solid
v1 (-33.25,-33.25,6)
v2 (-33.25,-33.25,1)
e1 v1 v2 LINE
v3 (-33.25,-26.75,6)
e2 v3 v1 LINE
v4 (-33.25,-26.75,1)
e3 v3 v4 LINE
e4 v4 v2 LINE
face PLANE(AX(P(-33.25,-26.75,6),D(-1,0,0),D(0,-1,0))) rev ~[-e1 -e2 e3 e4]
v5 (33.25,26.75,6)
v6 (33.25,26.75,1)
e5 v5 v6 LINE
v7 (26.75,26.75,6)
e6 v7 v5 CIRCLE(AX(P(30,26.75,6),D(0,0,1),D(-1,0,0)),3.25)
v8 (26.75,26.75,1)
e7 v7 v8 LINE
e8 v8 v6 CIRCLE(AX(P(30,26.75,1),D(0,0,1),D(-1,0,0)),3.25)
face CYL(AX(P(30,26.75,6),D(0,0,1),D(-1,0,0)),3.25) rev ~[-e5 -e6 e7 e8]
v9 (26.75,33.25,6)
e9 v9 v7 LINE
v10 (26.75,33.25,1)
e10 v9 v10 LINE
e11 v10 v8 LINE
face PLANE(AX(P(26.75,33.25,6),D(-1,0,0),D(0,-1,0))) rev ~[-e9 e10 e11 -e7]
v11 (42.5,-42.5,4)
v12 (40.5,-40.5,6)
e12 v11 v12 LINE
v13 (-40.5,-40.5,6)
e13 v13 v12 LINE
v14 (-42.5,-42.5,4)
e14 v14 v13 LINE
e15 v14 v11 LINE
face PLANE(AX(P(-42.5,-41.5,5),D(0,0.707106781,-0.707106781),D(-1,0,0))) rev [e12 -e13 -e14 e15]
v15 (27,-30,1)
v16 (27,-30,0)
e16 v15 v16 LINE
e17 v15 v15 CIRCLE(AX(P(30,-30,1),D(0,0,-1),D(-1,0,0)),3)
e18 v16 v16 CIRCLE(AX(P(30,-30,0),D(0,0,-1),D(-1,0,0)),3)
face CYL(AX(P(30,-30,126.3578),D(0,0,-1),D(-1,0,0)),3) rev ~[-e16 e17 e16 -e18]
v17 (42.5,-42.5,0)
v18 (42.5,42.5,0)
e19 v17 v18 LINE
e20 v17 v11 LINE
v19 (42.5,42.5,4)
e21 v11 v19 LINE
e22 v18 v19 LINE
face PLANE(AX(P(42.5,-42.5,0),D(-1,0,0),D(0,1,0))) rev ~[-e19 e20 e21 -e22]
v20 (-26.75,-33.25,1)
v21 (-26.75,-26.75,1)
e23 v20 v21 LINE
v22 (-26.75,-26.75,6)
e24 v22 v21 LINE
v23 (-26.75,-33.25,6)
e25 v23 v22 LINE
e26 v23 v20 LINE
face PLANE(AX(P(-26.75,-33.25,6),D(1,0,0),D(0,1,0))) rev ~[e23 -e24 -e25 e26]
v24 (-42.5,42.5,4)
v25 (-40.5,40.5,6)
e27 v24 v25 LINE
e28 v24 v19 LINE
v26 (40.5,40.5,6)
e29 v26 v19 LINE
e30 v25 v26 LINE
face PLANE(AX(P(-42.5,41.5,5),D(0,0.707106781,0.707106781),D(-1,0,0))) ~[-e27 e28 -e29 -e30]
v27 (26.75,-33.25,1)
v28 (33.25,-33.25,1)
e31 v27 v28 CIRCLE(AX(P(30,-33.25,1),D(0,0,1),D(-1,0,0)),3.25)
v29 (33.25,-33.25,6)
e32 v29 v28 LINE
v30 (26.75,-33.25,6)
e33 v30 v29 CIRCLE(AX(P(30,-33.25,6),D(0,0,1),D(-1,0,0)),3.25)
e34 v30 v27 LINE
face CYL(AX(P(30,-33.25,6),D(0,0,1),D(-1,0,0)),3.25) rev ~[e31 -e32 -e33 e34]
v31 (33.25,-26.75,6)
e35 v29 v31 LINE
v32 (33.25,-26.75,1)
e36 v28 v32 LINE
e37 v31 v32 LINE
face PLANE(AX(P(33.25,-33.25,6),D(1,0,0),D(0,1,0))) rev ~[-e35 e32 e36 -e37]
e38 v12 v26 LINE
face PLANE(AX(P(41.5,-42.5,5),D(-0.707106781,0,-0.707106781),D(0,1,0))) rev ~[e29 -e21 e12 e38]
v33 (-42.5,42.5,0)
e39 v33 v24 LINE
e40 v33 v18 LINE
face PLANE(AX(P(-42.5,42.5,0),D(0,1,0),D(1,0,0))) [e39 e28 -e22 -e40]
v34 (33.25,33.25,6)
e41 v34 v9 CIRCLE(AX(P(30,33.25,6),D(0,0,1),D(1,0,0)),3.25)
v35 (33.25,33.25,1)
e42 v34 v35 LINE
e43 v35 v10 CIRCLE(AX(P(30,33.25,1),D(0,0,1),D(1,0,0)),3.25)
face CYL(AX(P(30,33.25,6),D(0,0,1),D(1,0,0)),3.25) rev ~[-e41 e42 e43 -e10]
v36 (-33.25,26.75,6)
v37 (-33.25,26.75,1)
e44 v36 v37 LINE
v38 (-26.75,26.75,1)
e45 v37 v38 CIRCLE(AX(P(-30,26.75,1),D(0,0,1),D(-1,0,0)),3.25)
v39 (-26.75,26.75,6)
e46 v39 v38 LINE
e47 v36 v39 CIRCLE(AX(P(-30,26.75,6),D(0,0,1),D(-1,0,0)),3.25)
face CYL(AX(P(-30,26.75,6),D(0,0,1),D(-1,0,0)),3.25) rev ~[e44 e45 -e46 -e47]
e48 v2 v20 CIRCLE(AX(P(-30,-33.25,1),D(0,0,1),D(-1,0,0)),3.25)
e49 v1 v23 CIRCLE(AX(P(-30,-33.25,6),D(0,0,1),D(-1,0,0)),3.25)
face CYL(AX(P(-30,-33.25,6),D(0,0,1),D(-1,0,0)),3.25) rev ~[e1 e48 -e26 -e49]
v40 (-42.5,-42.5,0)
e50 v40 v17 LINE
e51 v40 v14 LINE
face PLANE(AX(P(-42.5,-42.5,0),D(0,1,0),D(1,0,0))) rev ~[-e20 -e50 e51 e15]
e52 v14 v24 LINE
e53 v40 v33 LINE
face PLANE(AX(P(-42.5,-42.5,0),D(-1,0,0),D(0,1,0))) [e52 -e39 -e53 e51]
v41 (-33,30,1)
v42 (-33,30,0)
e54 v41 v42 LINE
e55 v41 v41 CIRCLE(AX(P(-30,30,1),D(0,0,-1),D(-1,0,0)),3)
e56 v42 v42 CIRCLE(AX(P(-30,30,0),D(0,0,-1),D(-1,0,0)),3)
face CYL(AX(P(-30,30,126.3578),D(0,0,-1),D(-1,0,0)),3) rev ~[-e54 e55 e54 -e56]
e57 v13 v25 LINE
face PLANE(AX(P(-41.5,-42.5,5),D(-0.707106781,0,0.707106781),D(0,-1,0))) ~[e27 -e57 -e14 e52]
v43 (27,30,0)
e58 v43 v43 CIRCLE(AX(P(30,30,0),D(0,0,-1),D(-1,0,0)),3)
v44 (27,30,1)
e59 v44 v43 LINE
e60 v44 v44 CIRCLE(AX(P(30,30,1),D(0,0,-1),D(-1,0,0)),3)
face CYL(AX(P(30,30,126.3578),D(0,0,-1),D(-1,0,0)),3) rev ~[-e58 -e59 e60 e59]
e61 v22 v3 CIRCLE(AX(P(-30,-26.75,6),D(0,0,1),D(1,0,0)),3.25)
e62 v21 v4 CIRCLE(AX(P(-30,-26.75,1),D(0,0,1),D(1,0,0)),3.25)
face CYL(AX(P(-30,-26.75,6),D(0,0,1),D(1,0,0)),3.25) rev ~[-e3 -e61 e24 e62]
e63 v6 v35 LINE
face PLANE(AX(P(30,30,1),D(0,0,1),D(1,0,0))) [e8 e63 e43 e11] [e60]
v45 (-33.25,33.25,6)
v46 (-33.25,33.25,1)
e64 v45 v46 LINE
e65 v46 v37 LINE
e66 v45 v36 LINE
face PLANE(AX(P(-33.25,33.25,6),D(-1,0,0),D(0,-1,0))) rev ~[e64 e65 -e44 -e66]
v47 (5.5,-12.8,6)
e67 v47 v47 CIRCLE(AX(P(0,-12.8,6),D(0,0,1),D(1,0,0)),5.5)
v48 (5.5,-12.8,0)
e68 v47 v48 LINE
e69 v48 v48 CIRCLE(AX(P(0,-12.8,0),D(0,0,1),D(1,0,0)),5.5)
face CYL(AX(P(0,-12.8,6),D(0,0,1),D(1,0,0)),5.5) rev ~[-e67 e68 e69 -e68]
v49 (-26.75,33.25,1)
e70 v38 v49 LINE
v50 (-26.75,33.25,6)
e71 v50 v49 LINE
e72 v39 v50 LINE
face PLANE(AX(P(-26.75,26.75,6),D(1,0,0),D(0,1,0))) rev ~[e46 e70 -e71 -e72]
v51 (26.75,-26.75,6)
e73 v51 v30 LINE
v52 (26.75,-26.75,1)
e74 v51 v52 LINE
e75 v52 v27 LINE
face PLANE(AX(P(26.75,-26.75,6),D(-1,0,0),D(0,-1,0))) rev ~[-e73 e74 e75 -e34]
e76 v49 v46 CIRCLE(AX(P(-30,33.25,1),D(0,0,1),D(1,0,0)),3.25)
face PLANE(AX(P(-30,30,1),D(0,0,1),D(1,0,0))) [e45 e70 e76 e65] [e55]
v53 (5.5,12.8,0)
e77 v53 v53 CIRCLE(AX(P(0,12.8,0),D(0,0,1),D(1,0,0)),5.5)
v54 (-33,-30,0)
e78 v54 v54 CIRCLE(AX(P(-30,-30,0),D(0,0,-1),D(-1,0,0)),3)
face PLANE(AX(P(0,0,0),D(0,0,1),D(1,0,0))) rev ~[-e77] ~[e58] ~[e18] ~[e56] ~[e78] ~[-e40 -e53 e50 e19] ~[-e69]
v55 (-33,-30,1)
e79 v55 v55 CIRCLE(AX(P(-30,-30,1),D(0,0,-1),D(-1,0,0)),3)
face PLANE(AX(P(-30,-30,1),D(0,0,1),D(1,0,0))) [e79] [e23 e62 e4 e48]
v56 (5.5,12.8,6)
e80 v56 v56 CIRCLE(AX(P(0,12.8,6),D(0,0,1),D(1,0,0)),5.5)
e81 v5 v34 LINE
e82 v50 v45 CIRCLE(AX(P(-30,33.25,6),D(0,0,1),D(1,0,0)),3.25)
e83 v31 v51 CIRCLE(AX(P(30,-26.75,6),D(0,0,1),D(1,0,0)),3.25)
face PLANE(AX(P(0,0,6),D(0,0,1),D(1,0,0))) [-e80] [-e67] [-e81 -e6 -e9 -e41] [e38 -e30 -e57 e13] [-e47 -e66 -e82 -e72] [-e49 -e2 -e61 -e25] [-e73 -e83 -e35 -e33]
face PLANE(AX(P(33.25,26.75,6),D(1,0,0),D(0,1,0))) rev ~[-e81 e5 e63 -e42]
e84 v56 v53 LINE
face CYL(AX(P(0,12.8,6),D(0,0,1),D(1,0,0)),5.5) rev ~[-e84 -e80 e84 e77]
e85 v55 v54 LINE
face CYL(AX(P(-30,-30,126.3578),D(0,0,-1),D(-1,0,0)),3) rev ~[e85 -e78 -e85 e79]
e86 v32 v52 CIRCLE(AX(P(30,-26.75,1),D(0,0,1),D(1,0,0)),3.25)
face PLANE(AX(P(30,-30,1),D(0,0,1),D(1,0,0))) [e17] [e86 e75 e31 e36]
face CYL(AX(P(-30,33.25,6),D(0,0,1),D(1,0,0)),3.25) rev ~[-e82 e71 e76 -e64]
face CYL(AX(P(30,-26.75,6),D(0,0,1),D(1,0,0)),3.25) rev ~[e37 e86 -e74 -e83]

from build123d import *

# Parameters (mm, degrees)
F0_W     = 85
F0_H     = 85
F1_DEPTH = 6
F2_R     = 5.5
F3_DEPTH = 6.001
F5_D     = 6
F6_SIZE  = 2
F8_DEPTH = 5


with BuildPart() as f1:
    # F0 (on Top) → F1 (new body)
    with BuildSketch(Plane.XY):
        Rectangle(F0_W, F0_H)
    extrude(amount=F1_DEPTH)

    # F2 (on face) → F3 (cut, through all)
    with BuildSketch(Plane.XY.offset(6)):
        with Locations((0, 12.8)):
            Circle(F2_R)
        with Locations((0, -12.8)):
            Circle(F2_R)
    extrude(amount=-F3_DEPTH, mode=Mode.SUBTRACT)

    # F5 (through all)
    with Locations(Plane.XY.offset(6)):
        with Locations((-30, -30), (-30, 30), (30, 30), (30, -30)):
            Hole(F5_D / 2)

    # F6
    f6_edges = [f1.edges().sort_by_distance(p)[0] for p in [
        (-42.5, 0, 6),
        (0, -42.5, 6),
        (42.5, 0, 6),
        (0, 42.5, 6),
    ]]
    chamfer(f6_edges, length=F6_SIZE)

    # F7 (on face) → F8 (cut)
    with BuildSketch(Plane.XY.offset(6)):
        with BuildLine():
            ThreePointArc((33.25, 33.25), (30, 36.5), (26.75, 33.25))
            Line((26.75, 33.25), (26.75, 26.75))
            ThreePointArc((26.75, 26.75), (30, 23.5), (33.25, 26.75))
            Line((33.25, 26.75), (33.25, 33.25))
        make_face()
        with BuildLine():
            Line((-26.75, 26.75), (-26.75, 33.25))
            ThreePointArc((-26.75, 33.25), (-30, 36.5), (-33.25, 33.25))
            Line((-33.25, 33.25), (-33.25, 26.75))
            ThreePointArc((-33.25, 26.75), (-30, 23.5), (-26.75, 26.75))
        make_face()
        with BuildLine():
            Line((26.75, -26.75), (26.75, -33.25))
            ThreePointArc((26.75, -33.25), (30, -36.5), (33.25, -33.25))
            Line((33.25, -33.25), (33.25, -26.75))
            ThreePointArc((33.25, -26.75), (30, -23.5), (26.75, -26.75))
        make_face()
        with BuildLine():
            ThreePointArc((-33.25, -33.25), (-30, -36.5), (-26.75, -33.25))
            Line((-26.75, -33.25), (-26.75, -26.75))
            ThreePointArc((-26.75, -26.75), (-30, -23.5), (-33.25, -26.75))
            Line((-33.25, -26.75), (-33.25, -33.25))
        make_face()
    extrude(amount=-F8_DEPTH, mode=Mode.SUBTRACT)


solid = f1.part
